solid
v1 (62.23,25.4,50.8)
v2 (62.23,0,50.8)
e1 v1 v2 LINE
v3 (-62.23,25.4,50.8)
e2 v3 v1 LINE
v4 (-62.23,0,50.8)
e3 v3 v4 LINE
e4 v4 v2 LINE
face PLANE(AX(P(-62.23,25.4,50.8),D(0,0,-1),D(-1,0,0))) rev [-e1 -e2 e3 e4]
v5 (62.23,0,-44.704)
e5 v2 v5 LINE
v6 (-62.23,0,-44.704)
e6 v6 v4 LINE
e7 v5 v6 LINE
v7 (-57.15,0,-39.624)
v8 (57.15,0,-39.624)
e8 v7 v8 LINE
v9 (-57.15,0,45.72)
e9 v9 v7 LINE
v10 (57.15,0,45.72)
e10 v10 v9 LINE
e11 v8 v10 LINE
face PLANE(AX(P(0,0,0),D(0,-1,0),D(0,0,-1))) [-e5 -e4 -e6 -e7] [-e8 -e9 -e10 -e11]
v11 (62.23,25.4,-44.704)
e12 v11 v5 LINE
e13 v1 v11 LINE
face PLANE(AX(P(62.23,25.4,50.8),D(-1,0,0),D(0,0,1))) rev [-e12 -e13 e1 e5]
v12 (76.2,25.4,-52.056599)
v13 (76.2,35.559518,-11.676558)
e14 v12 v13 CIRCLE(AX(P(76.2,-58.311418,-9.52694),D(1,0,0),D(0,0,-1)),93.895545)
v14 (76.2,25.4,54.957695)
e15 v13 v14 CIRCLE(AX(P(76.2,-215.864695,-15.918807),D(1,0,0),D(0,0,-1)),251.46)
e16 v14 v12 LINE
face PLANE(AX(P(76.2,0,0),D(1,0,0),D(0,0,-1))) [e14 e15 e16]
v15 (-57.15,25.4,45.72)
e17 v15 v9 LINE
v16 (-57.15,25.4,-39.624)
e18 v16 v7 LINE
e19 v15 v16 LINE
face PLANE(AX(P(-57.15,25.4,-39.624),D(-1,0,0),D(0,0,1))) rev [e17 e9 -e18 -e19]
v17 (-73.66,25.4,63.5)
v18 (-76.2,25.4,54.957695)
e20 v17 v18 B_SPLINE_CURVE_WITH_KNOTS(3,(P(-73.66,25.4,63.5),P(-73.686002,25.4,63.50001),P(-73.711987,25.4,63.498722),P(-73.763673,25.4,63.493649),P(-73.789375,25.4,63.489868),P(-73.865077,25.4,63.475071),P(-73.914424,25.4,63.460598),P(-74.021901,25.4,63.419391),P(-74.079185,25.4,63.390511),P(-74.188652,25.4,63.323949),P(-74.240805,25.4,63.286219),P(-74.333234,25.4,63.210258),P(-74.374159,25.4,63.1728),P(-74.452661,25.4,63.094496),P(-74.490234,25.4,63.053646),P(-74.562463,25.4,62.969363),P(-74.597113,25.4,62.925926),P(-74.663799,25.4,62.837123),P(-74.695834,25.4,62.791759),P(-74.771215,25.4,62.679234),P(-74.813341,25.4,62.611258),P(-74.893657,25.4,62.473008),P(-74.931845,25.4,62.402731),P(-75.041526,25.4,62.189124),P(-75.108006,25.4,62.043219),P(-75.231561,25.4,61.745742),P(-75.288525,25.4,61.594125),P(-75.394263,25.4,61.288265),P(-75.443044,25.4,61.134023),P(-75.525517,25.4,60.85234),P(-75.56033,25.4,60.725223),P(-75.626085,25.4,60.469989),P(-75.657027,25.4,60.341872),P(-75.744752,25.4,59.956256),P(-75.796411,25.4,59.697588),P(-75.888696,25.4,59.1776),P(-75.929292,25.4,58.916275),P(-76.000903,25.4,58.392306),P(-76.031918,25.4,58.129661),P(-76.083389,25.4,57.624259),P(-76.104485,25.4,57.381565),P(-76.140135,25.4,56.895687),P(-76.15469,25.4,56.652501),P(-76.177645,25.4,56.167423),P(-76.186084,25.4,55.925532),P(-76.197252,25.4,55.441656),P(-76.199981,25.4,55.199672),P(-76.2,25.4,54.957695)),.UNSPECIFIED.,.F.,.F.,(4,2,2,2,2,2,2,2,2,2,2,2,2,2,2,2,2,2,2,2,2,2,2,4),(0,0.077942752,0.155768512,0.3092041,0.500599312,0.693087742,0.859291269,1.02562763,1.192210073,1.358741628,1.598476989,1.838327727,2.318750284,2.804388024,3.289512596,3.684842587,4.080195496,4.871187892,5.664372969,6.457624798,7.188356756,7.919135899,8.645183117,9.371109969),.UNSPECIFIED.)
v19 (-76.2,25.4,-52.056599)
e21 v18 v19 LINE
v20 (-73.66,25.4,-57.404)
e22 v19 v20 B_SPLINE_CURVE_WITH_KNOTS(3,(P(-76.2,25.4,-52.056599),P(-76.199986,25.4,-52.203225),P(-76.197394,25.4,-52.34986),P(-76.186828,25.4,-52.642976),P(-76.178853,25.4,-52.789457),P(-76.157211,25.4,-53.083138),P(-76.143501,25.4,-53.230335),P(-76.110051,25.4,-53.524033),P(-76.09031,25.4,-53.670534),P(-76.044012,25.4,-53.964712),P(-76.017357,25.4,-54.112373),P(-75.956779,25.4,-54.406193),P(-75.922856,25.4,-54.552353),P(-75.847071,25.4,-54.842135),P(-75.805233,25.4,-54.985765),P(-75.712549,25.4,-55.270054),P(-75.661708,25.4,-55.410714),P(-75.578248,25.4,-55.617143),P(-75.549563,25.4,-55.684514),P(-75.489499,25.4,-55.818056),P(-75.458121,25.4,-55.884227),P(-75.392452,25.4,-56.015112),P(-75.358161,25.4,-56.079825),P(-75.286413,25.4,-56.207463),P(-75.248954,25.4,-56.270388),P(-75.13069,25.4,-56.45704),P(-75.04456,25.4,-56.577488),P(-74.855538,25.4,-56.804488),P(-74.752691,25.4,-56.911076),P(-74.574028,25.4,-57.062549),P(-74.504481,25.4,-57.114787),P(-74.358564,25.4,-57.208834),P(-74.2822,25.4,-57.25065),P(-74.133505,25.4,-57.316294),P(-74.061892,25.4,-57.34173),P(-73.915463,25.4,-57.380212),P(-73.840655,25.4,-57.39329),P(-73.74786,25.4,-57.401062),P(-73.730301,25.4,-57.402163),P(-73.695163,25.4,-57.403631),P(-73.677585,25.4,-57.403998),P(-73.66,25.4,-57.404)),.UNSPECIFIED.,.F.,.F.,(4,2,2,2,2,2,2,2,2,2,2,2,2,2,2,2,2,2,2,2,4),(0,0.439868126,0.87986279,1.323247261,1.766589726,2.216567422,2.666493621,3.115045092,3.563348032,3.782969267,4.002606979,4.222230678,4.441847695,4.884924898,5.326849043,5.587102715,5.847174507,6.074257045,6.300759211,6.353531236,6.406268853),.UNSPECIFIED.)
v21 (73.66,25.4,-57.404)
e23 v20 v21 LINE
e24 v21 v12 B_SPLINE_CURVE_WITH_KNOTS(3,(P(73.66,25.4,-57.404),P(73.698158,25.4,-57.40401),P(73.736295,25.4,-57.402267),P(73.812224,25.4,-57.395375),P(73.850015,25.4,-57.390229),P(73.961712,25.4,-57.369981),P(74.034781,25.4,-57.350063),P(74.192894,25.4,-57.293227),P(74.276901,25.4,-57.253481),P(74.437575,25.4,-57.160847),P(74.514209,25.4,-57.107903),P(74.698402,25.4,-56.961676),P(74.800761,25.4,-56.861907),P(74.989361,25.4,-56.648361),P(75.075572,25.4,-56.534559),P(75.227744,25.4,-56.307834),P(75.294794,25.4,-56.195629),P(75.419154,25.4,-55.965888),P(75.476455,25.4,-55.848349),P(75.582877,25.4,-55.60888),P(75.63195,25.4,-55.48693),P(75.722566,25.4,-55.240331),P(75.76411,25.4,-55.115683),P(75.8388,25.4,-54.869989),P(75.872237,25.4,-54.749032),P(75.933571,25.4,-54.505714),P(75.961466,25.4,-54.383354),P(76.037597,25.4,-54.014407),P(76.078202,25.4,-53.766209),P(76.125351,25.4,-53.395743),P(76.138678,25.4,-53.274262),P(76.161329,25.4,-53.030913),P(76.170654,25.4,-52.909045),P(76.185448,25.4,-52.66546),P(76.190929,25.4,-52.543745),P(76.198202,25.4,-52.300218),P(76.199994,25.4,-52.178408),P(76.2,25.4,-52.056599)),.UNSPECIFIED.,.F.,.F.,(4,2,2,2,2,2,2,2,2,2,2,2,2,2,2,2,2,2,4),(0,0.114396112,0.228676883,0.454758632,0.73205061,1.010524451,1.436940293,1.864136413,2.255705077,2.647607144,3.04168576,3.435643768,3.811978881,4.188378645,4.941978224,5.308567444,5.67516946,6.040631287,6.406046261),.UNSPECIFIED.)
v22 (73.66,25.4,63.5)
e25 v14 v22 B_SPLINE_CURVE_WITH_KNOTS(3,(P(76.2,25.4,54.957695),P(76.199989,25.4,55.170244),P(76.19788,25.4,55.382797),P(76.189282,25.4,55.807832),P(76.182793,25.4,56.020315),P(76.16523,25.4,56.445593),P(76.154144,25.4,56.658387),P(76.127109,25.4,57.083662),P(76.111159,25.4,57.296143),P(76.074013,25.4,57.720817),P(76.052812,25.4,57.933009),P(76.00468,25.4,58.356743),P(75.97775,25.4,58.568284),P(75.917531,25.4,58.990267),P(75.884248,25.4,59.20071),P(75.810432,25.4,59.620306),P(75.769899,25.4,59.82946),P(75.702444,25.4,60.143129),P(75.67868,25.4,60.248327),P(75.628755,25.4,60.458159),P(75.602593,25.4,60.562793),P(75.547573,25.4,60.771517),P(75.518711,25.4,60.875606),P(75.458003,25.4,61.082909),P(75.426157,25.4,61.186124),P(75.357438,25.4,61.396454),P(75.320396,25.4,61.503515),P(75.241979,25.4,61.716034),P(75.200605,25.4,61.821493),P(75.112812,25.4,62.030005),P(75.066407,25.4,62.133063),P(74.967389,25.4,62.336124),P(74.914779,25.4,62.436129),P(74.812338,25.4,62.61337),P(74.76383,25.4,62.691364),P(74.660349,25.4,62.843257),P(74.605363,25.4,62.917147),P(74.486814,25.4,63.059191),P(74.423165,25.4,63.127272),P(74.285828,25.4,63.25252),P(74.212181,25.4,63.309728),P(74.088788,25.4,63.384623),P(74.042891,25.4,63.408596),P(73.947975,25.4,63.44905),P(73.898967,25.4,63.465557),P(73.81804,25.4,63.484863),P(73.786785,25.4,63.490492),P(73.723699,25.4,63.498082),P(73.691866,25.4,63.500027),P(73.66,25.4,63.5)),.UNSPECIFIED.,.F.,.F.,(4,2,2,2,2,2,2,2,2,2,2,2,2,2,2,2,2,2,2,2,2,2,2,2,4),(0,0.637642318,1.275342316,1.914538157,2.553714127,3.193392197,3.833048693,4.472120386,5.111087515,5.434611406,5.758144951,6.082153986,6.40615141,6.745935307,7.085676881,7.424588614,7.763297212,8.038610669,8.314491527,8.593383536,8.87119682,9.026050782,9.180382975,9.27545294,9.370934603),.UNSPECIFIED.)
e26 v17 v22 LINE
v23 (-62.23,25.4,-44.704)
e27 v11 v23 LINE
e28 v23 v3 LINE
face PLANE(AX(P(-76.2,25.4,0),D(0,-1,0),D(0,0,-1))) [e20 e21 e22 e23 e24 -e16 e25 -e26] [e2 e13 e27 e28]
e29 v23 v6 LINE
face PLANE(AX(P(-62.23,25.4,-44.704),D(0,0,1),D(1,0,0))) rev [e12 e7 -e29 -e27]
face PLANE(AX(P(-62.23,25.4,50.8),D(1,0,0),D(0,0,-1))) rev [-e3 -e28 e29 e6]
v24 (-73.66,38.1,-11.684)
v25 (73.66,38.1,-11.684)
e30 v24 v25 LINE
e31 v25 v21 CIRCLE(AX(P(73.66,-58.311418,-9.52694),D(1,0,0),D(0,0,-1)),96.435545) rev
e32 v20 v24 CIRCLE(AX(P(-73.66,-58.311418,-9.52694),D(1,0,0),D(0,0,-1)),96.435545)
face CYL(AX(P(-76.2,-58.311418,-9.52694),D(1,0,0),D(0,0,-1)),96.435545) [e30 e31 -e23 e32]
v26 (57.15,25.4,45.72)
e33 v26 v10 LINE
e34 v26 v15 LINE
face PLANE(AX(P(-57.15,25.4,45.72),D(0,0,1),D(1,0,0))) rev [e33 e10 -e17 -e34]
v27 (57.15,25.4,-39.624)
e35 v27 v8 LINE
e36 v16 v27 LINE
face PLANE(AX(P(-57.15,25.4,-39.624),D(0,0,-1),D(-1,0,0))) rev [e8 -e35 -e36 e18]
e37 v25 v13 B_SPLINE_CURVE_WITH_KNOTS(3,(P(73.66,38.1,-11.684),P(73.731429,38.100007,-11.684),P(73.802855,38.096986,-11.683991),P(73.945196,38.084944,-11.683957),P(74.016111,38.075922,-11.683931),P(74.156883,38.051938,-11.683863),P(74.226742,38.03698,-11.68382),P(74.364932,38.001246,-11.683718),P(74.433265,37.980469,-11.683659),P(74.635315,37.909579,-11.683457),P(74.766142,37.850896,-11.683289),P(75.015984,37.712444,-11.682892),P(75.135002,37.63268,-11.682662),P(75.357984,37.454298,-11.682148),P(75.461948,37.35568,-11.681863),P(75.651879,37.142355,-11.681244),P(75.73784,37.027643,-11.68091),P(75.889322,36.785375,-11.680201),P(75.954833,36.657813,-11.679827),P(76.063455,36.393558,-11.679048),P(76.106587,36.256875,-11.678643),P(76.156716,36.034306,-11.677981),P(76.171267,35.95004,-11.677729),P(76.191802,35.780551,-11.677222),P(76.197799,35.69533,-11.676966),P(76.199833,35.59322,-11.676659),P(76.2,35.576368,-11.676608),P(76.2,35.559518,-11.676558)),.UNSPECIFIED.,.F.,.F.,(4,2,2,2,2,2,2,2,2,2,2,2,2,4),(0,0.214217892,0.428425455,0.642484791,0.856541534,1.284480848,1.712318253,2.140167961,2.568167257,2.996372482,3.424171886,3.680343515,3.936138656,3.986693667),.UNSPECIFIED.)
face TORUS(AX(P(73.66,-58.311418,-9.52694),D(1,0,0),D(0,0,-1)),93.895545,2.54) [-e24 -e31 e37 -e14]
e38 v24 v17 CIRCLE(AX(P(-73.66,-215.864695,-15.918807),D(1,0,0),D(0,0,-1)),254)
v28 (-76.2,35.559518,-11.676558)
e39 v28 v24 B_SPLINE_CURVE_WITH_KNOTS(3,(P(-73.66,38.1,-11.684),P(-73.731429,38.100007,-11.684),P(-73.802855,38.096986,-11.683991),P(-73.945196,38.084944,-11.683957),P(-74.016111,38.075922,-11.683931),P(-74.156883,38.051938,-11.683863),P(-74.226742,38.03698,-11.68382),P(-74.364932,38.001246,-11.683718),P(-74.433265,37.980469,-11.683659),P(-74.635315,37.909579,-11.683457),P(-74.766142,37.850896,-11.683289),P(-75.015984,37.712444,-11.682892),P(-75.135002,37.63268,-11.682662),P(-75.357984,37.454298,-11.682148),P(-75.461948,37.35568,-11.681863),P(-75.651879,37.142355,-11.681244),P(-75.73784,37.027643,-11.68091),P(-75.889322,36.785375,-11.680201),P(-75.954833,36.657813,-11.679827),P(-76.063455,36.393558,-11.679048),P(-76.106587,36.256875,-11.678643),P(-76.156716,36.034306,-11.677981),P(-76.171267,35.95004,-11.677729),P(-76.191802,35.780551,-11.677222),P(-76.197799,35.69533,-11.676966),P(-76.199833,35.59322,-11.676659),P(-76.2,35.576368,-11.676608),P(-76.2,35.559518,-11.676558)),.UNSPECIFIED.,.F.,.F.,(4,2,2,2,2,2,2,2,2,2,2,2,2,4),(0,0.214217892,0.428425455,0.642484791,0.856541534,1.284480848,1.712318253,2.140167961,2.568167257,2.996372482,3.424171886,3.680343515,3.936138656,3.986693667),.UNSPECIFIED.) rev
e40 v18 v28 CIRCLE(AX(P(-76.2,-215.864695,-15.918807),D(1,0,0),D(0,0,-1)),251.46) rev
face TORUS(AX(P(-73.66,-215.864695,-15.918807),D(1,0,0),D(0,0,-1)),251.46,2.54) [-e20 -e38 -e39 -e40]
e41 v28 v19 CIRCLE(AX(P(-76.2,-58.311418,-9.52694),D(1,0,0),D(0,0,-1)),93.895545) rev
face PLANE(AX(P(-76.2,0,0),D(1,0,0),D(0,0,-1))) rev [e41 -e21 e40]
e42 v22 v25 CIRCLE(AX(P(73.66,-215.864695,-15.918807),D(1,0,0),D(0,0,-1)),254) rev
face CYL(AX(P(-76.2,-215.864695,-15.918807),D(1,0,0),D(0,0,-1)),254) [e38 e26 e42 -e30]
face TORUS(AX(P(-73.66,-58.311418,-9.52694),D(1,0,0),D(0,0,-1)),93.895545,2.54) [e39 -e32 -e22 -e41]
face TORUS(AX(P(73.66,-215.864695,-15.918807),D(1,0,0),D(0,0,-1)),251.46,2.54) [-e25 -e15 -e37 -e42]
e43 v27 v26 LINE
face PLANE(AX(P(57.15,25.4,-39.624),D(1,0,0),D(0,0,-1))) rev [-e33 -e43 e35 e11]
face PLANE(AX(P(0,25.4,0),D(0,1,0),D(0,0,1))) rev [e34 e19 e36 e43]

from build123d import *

# Parameters (mm, degrees)
SKETCH1_W                = 124.46
SKETCH1_H                = 95.504
BOSS_EXTRUDE1_DEPTH      = 25.4
BOSS_EXTRUDE2_DEPTH      = 76.2
BOSS_EXTRUDE2_DEPTH_BACK = 76.2
SKETCH4_W                = 114.3
SKETCH4_H                = 85.344
CUT_EXTRUDE1_DEPTH       = 25.4
FILLET3_R                = 2.54


with BuildPart() as part:
    # Sketch1 → Boss-Extrude1 (new body)
    with BuildSketch(Plane(origin=(0, 0, 0), x_dir=(1, 0, 0), z_dir=(0, 1, 0))):
        with Locations((0, -3.048)):
            Rectangle(SKETCH1_W, SKETCH1_H)
    extrude(amount=BOSS_EXTRUDE1_DEPTH)

    # Sketch3 → Boss-Extrude2 (add, two sides: drawn at the far end of the back side and taken through both)
    with BuildSketch(Plane(origin=(0, 0, 0), x_dir=(0, 0, -1), z_dir=(1, 0, 0)).offset(-BOSS_EXTRUDE2_DEPTH_BACK)):
        with BuildLine():
            ThreePointArc((11.684, 38.1), (35.337321444, 34.605957197), (57.404, 25.4))
            Line((57.404, 25.4), (44.704, 25.4))
            Line((44.704, 25.4), (11.684, 25.4))
            Line((11.684, 25.4), (11.684, 38.1))
        make_face()
        with BuildLine():
            ThreePointArc((-63.5, 25.4), (-26.387271572, 34.587287709), (11.684, 38.1))
            Line((11.684, 38.1), (11.684, 25.4))
            Line((11.684, 25.4), (-50.8, 25.4))
            Line((-50.8, 25.4), (-63.5, 25.4))
        make_face()
    extrude(amount=BOSS_EXTRUDE2_DEPTH + BOSS_EXTRUDE2_DEPTH_BACK)

    # Sketch4 → Cut-Extrude1 (cut)
    with BuildSketch(Plane.XZ):
        with Locations((0, 3.048)):
            Rectangle(SKETCH4_W, SKETCH4_H)
    extrude(amount=-CUT_EXTRUDE1_DEPTH, mode=Mode.SUBTRACT)

    # Fillet3
    fillet3_edges = [part.edges().sort_by_distance(p)[0] for p in [
        (76.2, 34.605957197, -35.337321444),
        (76.2, 34.587287709, 26.387271572),
        (-76.2, 34.605957197, -35.337321444),
        (-76.2, 34.587287709, 26.387271572),
    ]]
    fillet(fillet3_edges, radius=FILLET3_R)


solid = part.part
